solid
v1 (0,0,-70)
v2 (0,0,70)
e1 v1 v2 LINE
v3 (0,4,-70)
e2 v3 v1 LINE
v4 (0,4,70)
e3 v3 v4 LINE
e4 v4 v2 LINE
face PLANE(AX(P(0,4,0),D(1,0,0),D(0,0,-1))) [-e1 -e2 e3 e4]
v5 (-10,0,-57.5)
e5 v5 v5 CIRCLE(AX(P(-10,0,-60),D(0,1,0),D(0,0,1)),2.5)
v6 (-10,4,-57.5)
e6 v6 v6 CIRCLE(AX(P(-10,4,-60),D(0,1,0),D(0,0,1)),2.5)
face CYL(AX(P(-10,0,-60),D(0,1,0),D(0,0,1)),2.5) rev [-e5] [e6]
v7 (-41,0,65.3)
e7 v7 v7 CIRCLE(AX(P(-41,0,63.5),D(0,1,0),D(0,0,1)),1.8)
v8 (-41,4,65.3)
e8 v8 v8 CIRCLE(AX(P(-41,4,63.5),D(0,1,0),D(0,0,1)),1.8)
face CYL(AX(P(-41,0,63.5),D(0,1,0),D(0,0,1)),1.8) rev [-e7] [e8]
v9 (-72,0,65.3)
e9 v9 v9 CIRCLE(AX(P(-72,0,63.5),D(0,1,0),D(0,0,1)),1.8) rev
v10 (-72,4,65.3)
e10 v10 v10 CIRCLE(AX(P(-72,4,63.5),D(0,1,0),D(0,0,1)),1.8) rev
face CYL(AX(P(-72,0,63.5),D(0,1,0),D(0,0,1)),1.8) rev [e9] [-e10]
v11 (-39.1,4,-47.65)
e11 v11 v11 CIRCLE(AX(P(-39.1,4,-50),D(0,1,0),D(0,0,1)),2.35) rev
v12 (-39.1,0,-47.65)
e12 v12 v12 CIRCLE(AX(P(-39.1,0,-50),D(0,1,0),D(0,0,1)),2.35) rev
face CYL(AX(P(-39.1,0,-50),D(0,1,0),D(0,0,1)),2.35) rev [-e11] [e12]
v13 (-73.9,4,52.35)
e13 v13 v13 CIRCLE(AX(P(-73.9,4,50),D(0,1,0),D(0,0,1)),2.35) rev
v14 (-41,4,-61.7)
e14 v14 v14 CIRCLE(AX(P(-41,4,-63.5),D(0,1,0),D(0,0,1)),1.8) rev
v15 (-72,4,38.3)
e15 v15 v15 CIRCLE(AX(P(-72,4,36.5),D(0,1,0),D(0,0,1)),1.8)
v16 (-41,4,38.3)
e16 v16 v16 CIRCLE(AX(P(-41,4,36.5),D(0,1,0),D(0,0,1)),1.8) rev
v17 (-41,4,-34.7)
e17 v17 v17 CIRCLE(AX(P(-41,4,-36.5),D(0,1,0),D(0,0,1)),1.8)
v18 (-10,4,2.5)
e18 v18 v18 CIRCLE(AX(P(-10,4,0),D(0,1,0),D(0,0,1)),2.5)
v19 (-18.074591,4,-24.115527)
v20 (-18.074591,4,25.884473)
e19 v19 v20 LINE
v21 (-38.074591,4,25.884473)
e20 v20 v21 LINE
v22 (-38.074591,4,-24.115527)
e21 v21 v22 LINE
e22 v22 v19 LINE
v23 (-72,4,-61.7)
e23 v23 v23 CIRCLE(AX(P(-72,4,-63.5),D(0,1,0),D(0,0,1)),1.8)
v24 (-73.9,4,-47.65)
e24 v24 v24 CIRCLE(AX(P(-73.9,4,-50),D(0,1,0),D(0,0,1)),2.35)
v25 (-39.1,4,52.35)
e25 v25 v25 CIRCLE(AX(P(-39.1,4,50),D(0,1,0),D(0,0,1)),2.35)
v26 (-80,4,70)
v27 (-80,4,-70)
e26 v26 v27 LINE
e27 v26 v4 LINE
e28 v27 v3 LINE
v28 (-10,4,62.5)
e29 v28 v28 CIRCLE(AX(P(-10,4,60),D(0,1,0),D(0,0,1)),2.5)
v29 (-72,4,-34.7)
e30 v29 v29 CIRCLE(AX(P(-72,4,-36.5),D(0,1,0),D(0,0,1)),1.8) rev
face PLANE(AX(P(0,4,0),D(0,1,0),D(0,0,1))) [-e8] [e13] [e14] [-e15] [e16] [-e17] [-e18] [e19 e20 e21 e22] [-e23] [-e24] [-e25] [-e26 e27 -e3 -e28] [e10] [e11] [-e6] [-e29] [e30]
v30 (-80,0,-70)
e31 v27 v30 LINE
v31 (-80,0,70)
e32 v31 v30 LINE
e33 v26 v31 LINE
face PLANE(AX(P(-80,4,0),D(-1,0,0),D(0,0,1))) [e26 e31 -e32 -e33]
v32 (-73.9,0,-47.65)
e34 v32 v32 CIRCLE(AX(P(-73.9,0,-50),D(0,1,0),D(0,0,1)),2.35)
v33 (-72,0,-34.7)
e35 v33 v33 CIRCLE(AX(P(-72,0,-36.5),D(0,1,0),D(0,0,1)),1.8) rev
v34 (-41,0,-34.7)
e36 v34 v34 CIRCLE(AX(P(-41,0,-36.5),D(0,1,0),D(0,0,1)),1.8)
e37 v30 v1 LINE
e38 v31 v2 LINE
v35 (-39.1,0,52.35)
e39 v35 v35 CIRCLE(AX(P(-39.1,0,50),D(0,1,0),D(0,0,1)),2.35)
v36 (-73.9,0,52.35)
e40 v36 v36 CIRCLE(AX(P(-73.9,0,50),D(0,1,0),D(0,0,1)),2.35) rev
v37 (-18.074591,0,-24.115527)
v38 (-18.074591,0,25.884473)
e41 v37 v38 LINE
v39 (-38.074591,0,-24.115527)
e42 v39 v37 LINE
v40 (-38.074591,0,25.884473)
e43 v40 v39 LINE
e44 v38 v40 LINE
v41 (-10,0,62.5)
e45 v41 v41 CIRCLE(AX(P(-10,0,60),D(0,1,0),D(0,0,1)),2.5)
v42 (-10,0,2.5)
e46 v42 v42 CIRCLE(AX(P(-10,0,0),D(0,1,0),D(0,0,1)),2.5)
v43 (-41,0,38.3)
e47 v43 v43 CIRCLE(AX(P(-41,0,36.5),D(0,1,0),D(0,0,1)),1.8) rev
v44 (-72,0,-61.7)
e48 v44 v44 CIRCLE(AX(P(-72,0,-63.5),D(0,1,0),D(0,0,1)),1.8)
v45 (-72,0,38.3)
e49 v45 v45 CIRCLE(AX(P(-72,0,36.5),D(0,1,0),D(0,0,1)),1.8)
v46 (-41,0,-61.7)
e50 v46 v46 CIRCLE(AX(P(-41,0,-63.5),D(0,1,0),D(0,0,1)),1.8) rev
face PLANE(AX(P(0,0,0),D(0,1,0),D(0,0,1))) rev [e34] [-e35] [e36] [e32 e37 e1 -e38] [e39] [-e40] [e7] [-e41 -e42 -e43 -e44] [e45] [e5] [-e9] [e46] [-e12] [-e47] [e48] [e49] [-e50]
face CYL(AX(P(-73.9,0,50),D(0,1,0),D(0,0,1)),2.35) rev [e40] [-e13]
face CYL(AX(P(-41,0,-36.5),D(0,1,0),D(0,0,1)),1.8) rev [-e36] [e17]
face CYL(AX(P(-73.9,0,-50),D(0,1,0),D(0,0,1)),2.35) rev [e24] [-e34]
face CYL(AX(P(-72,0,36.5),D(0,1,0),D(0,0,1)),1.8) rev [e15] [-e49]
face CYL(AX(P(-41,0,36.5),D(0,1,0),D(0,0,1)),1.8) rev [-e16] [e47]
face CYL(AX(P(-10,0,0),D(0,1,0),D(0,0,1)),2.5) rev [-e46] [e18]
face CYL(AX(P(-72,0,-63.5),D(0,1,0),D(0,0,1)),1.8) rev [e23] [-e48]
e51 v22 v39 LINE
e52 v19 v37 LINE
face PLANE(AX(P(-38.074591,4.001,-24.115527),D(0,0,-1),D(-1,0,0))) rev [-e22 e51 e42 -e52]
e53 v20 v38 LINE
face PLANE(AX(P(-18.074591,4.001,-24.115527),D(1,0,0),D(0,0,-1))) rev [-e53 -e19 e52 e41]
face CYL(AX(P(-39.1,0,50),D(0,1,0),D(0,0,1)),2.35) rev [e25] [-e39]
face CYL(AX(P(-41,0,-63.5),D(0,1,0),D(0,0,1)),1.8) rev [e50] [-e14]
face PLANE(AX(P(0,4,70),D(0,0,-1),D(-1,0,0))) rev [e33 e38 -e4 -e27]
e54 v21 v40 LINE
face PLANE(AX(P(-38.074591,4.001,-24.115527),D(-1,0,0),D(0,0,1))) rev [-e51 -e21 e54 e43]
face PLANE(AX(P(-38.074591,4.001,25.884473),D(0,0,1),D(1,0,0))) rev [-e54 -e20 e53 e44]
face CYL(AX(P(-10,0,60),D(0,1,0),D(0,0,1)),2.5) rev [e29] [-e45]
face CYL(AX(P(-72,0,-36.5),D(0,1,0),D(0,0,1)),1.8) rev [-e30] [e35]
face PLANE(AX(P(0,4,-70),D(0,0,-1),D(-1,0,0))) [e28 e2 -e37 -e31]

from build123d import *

# Parameters (mm, degrees)
SKETCH_2_W          = 80
SKETCH_2_H          = 140
EXTRUDE_1_DEPTH     = 4
SKETCH_3_R          = 1.8
SKETCH_3_R_2        = 2.35
SKETCH_3_R_3        = 2.5
CUT_EXTRUDE_3_DEPTH = 4
CUT_EXTRUDE_4_REACH = 108.377
SKETCH_4_W          = 20
SKETCH_4_H          = 50


with BuildPart() as part:
    # 草图2 → 凸台-拉伸1 (new body)
    with BuildSketch(Plane(origin=(0, 0, 0), x_dir=(1, 0, 0), z_dir=(0, 1, 0))):
        with Locations((-40, 0)):
            Rectangle(SKETCH_2_W, SKETCH_2_H)
    extrude(amount=EXTRUDE_1_DEPTH)

    # 草图3 → 切除-拉伸3 (cut)
    with BuildSketch(Plane(origin=(0, 4, 0), x_dir=(1, 0, 0), z_dir=(0, 1, 0))):
        with Locations(Location((-72, 63.5, 0), (0, 0, 270))):
            Circle(SKETCH_3_R)
        with Locations(Location((-41, 63.5, 0), (0, 0, 270))):
            Circle(SKETCH_3_R)
        with Locations(Location((-41, 36.5, 0), (0, 0, 270))):
            Circle(SKETCH_3_R)
        with Locations(Location((-72, 36.5, 0), (0, 0, 270))):
            Circle(SKETCH_3_R)
        with Locations(Location((-41, -63.5, 0), (0, 0, 270))):
            Circle(SKETCH_3_R)
        with Locations(Location((-41, -36.5, 0), (0, 0, 270))):
            Circle(SKETCH_3_R)
        with Locations(Location((-72, -36.5, 0), (0, 0, 270))):
            Circle(SKETCH_3_R)
        with Locations(Location((-72, -63.5, 0), (0, 0, 270))):
            Circle(SKETCH_3_R)
        with Locations(Location((-73.9, 50, 0), (0, 0, 270))):
            Circle(SKETCH_3_R_2)
        with Locations(Location((-73.9, -50, 0), (0, 0, 270))):
            Circle(SKETCH_3_R_2)
        with Locations(Location((-39.1, -50, 0), (0, 0, 270))):
            Circle(SKETCH_3_R_2)
        with Locations(Location((-39.1, 50, 0), (0, 0, 270))):
            Circle(SKETCH_3_R_2)
        with Locations(Location((-10, 60, 0), (0, 0, 270))):
            Circle(SKETCH_3_R_3)
        with Locations(Location((-10, 0, 0), (0, 0, 270))):
            Circle(SKETCH_3_R_3)
        with Locations(Location((-10, -60, 0), (0, 0, 270))):
            Circle(SKETCH_3_R_3)
    extrude(amount=-CUT_EXTRUDE_3_DEPTH, mode=Mode.SUBTRACT)

    # 草图4 → 切除-拉伸4 (cut, up to next)
    with BuildSketch(Plane.XZ, mode=Mode.PRIVATE) as cut_extrude_4_sk1:
        with Locations((-28.074591113, 0.884472787)):
            Rectangle(SKETCH_4_W, SKETCH_4_H)
    cut_extrude_4_tool1 = extrude(cut_extrude_4_sk1.sketch, amount=-CUT_EXTRUDE_4_REACH, mode=Mode.PRIVATE) & part.part
    add(cut_extrude_4_tool1.solids().sort_by_distance((-28.074591, 0, 0.884473))[0], mode=Mode.SUBTRACT)


solid = part.part
